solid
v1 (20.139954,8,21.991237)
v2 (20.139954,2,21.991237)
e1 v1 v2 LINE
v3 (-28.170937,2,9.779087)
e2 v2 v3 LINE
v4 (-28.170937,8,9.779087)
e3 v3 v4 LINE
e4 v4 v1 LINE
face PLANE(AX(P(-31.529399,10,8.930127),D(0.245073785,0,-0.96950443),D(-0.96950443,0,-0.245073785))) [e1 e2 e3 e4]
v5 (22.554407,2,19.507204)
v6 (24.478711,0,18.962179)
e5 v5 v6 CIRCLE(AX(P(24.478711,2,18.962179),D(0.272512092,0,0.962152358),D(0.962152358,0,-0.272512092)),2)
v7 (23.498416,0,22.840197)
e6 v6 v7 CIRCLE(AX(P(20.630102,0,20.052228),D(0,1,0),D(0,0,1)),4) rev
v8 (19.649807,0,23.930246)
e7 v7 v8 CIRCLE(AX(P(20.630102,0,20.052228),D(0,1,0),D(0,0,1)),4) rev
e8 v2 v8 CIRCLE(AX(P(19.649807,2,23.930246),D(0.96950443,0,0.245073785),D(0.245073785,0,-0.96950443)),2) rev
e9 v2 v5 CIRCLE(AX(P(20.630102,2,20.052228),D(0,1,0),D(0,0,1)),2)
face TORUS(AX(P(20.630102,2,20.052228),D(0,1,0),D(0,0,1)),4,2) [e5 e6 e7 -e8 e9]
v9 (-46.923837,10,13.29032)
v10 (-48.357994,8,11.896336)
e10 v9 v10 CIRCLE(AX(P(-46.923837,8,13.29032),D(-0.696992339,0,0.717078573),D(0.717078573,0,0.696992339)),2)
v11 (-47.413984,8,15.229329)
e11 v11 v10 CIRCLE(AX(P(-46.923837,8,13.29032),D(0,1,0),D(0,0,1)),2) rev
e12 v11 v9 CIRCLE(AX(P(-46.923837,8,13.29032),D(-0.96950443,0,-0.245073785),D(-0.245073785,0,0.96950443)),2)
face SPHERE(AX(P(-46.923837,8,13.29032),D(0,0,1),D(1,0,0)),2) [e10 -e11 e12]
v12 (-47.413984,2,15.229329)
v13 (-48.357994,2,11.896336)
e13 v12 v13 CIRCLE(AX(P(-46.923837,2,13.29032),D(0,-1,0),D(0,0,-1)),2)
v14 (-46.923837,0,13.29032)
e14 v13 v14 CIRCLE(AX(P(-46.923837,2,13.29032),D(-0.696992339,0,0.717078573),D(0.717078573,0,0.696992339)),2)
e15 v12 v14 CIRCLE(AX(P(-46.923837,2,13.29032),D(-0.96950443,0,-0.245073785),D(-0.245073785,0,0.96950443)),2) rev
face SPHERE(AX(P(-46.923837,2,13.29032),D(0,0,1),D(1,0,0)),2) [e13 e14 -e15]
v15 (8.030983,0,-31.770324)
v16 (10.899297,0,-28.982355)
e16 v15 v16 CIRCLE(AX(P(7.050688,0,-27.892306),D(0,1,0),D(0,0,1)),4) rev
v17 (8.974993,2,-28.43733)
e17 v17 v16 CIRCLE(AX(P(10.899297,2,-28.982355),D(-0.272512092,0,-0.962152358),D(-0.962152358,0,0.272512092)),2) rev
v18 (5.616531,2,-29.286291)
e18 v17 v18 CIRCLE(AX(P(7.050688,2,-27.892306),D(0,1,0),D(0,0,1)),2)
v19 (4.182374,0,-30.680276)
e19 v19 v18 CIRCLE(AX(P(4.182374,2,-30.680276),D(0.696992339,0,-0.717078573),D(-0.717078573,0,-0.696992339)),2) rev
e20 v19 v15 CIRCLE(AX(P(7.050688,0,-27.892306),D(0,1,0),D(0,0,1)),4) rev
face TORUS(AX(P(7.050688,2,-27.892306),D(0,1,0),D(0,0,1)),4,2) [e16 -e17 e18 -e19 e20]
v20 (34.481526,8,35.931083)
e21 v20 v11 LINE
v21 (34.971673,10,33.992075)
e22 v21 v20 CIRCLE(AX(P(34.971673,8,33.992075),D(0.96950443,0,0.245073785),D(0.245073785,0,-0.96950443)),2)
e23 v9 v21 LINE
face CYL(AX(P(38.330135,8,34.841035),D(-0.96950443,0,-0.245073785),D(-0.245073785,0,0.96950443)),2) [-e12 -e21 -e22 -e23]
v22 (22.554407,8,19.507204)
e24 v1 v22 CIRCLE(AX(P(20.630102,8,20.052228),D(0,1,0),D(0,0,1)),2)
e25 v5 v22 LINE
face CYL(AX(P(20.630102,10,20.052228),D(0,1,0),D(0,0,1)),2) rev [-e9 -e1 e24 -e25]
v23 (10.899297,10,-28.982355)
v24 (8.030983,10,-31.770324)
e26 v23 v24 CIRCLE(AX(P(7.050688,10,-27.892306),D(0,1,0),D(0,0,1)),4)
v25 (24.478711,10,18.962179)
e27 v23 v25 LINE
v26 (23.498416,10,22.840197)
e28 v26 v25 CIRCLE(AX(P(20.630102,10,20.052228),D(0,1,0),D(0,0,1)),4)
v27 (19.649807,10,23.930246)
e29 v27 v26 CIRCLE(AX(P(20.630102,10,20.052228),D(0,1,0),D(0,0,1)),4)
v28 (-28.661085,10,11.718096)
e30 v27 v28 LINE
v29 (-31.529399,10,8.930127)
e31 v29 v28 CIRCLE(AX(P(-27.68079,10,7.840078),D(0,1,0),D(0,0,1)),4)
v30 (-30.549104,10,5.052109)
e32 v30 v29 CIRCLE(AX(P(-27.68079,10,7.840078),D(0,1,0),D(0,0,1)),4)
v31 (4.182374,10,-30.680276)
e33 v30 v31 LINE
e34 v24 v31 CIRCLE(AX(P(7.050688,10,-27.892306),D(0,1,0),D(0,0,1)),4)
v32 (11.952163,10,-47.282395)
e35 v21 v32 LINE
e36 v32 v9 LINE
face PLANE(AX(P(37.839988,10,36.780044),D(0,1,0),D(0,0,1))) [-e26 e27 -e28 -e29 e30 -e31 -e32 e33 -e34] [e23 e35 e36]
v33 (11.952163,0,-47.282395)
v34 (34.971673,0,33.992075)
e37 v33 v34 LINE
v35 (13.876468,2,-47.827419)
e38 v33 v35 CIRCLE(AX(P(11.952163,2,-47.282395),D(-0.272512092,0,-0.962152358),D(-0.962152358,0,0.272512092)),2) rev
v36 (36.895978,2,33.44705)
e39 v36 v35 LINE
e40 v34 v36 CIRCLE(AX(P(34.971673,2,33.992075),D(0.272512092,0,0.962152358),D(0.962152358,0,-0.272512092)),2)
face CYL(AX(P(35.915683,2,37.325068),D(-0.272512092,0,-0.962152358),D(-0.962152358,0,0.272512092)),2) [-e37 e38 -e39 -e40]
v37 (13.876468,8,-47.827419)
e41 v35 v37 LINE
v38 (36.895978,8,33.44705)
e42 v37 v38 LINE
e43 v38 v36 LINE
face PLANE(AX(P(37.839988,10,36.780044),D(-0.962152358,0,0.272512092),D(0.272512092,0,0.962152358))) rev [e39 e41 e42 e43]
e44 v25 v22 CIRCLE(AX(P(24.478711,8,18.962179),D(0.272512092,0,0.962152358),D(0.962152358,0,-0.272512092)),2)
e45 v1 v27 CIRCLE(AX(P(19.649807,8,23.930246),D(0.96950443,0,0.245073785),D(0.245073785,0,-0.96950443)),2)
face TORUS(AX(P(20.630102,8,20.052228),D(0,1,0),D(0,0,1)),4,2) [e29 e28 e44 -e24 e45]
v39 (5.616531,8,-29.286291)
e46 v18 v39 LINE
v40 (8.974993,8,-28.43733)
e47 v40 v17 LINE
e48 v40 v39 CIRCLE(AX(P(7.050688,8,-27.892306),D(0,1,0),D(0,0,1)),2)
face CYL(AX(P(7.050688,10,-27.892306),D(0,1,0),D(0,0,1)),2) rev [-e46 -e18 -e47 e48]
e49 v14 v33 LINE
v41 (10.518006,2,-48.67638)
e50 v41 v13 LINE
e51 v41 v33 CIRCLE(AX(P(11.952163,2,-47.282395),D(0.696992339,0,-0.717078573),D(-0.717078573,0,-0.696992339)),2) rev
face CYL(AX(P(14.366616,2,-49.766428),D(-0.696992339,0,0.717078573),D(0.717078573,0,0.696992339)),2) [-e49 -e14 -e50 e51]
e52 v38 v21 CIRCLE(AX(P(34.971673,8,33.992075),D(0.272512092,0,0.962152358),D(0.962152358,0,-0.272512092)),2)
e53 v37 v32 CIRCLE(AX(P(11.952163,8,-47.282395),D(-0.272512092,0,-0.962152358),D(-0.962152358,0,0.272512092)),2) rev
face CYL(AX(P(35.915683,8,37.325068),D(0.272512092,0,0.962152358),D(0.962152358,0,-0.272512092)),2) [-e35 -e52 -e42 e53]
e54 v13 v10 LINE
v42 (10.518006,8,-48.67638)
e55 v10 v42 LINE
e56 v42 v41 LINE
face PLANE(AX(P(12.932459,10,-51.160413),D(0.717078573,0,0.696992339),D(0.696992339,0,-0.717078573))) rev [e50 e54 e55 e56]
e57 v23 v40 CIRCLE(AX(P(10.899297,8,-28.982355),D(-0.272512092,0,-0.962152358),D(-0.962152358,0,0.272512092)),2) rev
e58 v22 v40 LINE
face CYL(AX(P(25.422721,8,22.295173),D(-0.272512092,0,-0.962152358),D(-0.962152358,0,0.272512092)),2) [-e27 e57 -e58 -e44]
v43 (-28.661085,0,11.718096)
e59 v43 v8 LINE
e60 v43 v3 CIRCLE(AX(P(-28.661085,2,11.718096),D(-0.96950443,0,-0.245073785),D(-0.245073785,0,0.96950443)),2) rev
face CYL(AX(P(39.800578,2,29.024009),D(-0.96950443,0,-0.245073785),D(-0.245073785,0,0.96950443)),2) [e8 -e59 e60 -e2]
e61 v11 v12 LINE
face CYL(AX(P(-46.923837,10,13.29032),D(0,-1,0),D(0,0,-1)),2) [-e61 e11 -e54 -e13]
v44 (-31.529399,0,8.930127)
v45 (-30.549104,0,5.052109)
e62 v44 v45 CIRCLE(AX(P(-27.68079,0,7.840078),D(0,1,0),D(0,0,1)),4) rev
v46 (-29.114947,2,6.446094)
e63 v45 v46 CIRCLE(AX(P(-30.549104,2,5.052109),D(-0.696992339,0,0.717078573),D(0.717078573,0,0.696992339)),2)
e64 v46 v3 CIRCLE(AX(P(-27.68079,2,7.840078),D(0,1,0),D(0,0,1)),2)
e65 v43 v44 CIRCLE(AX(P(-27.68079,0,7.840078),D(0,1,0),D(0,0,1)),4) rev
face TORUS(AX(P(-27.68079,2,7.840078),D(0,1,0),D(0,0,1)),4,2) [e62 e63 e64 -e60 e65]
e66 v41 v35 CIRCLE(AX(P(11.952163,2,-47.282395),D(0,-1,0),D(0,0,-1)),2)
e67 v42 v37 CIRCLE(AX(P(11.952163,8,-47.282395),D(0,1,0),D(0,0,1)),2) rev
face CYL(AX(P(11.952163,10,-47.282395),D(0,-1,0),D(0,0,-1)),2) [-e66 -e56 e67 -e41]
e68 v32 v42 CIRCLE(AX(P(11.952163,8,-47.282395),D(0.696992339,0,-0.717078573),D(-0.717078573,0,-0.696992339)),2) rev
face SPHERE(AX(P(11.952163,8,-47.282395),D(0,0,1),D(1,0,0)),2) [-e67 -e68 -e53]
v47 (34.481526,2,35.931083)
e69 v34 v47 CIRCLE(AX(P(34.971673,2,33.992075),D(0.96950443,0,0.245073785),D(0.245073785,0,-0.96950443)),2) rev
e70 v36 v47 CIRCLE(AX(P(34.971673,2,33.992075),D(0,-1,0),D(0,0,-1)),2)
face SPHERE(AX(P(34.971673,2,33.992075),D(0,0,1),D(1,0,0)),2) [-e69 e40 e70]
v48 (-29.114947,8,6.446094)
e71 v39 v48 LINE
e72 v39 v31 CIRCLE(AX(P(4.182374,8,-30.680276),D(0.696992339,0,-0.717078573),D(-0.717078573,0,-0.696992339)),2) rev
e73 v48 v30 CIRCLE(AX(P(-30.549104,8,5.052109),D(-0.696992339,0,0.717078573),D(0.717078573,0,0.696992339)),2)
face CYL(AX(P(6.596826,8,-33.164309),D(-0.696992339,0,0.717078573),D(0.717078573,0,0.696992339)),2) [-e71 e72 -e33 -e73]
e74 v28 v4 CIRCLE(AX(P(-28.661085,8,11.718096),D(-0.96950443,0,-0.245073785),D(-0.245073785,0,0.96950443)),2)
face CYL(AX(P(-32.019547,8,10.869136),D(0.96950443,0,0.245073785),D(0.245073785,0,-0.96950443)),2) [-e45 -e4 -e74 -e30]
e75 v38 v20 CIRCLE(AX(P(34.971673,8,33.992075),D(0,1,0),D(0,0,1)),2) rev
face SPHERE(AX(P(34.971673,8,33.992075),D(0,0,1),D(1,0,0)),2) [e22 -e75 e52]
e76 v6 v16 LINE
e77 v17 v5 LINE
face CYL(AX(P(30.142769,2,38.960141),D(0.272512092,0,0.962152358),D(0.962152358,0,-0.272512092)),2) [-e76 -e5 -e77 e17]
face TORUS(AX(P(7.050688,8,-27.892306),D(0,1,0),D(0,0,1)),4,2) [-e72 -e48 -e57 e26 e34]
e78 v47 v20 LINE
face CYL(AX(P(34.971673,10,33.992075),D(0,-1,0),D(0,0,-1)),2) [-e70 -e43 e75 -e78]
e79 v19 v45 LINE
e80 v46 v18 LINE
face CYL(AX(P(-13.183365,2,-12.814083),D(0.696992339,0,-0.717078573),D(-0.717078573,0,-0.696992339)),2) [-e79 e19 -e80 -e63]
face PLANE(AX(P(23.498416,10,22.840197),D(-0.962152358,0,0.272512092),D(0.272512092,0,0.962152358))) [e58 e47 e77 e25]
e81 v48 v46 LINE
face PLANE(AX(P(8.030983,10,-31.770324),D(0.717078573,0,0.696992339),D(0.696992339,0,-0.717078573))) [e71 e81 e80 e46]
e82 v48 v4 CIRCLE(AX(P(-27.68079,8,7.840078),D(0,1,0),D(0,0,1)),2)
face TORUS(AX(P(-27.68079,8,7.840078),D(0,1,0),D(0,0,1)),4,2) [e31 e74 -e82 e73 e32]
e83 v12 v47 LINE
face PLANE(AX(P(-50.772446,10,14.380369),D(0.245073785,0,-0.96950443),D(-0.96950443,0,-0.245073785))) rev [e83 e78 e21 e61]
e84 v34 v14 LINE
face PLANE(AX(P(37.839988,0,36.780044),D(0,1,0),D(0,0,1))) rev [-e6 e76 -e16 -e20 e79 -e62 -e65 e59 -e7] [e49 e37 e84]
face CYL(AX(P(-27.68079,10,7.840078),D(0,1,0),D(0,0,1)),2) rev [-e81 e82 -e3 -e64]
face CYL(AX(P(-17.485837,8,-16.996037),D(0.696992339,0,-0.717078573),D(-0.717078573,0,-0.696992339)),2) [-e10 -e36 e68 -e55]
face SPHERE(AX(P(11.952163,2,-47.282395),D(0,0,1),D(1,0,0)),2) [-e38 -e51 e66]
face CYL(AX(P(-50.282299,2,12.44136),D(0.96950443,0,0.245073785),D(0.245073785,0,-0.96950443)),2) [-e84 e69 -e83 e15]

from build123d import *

# Parameters (mm, degrees)
EXTRUDE1_DEPTH = 10
FILLET1_R      = 2


with BuildPart() as part:
    # Sketch1 → Extrude1 (new body)
    with BuildSketch(Plane(origin=(0, 0, 0), x_dir=(1, 0, 0), z_dir=(0, 1, 0))):
        Polygon((37.839987617, -36.780043986), (12.932458636, 51.160412548), (-50.772446253, -14.380368562), align=None)
        Polygon((23.498416155, -22.840197215), (8.030982938, 31.770323946), (-31.529399093, -8.930126731), align=None, mode=Mode.SUBTRACT)
    extrude(amount=EXTRUDE1_DEPTH)

    # Fillet1
    fillet1_edges = [part.edges().sort_by_distance(p)[0] for p in [
        (-18.919993808, 10, -18.390021993),
        (-4.015491469, 0, 15.885161973),
        (-31.529399093, 5, 8.930126731),
        (15.764699546, 0, -4.465063366),
        (23.498416155, 5, 22.840197215),
        (-11.749208077, 0, -11.420098607),
        (8.030982938, 5, -31.770323946),
        (-4.015491469, 10, 15.885161973),
        (15.764699546, 10, -4.465063366),
        (-11.749208077, 10, -11.420098607),
        (-18.919993808, 0, -18.390021993),
        (-6.466229318, 10, 25.580206274),
        (25.386223126, 0, -7.190184281),
        (-6.466229318, 0, 25.580206274),
        (-50.772446253, 5, 14.380368562),
        (12.932458636, 5, -51.160412548),
        (37.839987617, 5, 36.780043986),
        (25.386223126, 10, -7.190184281),
    ]]
    fillet(fillet1_edges, radius=FILLET1_R)


solid = part.part
